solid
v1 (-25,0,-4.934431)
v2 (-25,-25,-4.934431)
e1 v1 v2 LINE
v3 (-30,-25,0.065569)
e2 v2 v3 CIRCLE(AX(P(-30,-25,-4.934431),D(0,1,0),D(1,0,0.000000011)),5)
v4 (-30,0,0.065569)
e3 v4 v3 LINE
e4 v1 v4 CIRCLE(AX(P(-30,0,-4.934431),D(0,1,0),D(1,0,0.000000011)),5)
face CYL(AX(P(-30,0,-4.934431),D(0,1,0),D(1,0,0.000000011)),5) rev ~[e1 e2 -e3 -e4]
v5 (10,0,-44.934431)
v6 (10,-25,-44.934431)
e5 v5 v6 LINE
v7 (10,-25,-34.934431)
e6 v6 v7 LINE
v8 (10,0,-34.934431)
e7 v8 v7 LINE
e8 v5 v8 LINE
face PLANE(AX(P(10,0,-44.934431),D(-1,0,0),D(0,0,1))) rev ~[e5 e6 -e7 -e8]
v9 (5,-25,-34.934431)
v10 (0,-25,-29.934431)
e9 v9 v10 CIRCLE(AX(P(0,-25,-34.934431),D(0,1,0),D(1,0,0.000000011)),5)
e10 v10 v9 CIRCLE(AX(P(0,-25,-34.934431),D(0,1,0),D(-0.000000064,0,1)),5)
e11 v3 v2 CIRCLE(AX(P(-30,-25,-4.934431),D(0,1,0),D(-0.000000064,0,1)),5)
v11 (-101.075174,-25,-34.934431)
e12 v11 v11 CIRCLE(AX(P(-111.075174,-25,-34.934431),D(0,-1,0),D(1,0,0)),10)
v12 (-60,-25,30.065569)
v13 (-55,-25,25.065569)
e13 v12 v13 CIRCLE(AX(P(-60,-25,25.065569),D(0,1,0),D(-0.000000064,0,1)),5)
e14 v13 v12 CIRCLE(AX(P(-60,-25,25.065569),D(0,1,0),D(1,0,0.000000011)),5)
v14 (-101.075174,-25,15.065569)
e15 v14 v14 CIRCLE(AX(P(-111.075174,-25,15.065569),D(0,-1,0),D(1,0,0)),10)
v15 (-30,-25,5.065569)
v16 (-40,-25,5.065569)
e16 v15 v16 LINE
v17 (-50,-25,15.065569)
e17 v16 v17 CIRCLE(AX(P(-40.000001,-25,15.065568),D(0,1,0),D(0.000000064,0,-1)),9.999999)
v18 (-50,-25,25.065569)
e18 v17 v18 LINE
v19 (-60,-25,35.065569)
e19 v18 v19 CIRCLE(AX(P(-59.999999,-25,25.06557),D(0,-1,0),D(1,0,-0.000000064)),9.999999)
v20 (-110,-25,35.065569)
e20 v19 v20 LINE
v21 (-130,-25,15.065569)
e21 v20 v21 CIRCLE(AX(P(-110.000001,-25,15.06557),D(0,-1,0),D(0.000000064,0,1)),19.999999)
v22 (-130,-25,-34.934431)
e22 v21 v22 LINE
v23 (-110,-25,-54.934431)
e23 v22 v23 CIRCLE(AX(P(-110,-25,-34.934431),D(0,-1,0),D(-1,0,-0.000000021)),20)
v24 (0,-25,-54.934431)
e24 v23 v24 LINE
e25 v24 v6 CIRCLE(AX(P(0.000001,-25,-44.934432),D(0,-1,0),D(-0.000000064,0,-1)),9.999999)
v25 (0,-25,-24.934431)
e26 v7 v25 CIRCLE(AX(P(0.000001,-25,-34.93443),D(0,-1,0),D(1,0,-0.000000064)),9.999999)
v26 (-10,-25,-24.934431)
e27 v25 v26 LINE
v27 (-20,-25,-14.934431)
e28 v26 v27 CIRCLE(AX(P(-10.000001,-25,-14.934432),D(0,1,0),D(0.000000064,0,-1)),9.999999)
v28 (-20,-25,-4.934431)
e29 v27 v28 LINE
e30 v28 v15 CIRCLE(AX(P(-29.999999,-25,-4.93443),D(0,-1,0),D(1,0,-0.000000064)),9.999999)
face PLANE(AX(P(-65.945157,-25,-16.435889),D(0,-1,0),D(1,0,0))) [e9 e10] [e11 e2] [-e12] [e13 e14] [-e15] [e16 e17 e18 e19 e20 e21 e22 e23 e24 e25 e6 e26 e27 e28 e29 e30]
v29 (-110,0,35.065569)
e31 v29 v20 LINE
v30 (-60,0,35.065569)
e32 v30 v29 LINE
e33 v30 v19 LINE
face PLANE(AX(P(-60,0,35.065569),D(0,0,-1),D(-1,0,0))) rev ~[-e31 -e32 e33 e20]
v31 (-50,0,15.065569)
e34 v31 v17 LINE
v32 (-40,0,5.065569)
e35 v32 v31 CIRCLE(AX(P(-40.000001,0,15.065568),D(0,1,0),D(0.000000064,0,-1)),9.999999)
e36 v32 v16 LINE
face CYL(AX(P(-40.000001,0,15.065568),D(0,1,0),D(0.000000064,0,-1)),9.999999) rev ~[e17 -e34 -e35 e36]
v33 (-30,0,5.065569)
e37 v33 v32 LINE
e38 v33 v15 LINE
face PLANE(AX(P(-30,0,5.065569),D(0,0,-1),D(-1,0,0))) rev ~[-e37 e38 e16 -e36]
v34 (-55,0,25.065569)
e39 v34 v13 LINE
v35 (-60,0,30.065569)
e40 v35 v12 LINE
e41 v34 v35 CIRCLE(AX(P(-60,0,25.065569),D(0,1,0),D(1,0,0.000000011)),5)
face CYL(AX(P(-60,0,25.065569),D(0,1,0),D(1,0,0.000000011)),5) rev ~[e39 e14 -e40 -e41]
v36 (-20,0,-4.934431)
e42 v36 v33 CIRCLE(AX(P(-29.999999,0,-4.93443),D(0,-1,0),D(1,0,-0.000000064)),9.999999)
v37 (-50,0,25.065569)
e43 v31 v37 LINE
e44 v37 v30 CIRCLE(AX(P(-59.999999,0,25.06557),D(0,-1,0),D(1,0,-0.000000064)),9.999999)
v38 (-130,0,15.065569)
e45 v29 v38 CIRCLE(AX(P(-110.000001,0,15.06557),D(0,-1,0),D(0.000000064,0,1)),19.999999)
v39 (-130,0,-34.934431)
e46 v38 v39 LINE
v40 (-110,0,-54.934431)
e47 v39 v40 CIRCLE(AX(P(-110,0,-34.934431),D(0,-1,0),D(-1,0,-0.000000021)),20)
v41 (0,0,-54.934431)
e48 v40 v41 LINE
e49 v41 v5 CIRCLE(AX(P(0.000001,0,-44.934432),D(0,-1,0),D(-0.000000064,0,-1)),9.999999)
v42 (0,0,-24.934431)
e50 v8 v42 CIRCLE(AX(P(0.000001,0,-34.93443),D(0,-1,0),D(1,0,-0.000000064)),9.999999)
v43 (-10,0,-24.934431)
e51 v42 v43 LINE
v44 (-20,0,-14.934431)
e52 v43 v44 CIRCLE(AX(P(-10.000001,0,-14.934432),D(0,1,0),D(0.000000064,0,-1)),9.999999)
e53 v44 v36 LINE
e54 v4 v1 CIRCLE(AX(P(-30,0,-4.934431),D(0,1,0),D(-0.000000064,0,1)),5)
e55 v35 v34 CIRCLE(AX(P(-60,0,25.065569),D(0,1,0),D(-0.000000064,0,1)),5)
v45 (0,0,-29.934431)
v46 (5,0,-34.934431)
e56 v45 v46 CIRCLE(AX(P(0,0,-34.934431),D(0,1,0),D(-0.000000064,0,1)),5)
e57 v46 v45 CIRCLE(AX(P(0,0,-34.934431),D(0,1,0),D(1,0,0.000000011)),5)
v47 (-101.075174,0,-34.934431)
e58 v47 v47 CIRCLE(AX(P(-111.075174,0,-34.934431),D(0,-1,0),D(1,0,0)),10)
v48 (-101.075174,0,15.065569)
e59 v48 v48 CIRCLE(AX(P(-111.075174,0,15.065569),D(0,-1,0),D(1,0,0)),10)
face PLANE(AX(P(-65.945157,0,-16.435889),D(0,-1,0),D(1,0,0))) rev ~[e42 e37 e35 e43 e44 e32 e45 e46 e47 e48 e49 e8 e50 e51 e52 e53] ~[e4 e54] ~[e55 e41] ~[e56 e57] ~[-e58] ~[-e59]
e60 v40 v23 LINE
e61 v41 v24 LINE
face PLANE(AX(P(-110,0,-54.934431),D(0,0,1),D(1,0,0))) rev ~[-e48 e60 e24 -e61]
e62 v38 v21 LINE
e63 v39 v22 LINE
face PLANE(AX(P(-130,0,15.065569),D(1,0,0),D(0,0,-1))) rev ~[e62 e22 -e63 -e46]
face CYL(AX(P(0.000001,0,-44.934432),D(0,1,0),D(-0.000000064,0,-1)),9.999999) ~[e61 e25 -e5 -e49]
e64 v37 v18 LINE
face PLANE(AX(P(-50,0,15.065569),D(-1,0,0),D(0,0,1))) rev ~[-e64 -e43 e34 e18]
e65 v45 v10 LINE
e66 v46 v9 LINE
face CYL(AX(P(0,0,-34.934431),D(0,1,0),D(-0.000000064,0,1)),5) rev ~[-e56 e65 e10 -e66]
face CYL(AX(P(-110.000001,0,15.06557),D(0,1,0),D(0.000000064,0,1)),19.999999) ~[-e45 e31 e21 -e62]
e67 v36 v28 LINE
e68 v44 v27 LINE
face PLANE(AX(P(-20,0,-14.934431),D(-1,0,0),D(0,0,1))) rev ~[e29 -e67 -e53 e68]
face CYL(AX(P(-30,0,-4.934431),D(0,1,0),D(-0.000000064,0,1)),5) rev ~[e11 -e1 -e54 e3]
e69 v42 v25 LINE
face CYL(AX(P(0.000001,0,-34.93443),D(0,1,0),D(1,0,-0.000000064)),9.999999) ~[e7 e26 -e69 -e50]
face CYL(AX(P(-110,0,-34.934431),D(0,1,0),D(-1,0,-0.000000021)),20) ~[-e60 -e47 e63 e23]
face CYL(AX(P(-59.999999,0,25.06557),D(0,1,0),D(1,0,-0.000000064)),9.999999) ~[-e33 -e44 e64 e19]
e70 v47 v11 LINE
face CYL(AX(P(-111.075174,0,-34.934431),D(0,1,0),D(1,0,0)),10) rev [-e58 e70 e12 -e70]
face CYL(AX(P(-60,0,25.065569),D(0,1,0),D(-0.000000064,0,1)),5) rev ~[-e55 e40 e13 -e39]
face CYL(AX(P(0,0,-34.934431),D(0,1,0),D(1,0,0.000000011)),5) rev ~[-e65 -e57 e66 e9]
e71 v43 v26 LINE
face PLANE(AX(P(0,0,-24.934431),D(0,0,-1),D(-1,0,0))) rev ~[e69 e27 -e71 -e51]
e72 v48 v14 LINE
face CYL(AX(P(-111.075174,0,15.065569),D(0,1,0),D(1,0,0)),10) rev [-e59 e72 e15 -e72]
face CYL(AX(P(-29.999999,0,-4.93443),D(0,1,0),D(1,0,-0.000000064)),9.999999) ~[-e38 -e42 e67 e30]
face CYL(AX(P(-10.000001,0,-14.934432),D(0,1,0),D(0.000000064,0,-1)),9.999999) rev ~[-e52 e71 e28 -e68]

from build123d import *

# Parameters (mm, degrees)
F0_R     = 10
F1_DEPTH = 25


with BuildPart() as f1:
    # F0 (on Front) → F1 (new body)
    with BuildSketch(Plane.XZ):
        with BuildLine():
            ThreePointArc((-130, -34.934431), (-124.142136, -49.076566), (-110, -54.934431))
            Line((-110, -54.934431), (0, -54.934431))
            ThreePointArc((0, -54.934431), (7.071068, -52.005499), (10, -44.934431))
            Line((10, -44.934431), (10, -34.934431))
            ThreePointArc((10, -34.934431), (7.071068, -27.863363), (0, -24.934431))
            Line((0, -24.934431), (-10, -24.934431))
            ThreePointArc((-10, -24.934431), (-17.071068, -22.005499), (-20, -14.934431))
            Line((-20, -14.934431), (-20, -4.934431))
            ThreePointArc((-20, -4.934431), (-22.928932, 2.136637), (-30, 5.065569))
            Line((-30, 5.065569), (-40, 5.065569))
            ThreePointArc((-40, 5.065569), (-47.071068, 7.994501), (-50, 15.065569))
            Line((-50, 15.065569), (-50, 25.065569))
            ThreePointArc((-50, 25.065569), (-52.928932, 32.136637), (-60, 35.065569))
            Line((-60, 35.065569), (-110, 35.065569))
            ThreePointArc((-110, 35.065569), (-124.142136, 29.207705), (-130, 15.065569))
            Line((-130, 15.065569), (-130, -34.934431))
        make_face()
        with Locations((-111.075174, -34.934431)):
            Circle(F0_R, mode=Mode.SUBTRACT)
        with BuildLine():
            ThreePointArc((5, -34.934431), (-3.535534, -38.469965), (0, -29.934431))
            ThreePointArc((0, -29.934431), (3.535534, -31.398897), (5, -34.934431))
        make_face(mode=Mode.SUBTRACT)
        with Locations((-111.075174, 15.065569)):
            Circle(F0_R, mode=Mode.SUBTRACT)
        with BuildLine():
            ThreePointArc((-25, -4.934431), (-33.535534, -8.469965), (-30, 0.065569))
            ThreePointArc((-30, 0.065569), (-26.464466, -1.398897), (-25, -4.934431))
        make_face(mode=Mode.SUBTRACT)
        with BuildLine():
            ThreePointArc((-55, 25.065569), (-63.535534, 21.530035), (-60, 30.065569))
            ThreePointArc((-60, 30.065569), (-56.464466, 28.601103), (-55, 25.065569))
        make_face(mode=Mode.SUBTRACT)
    extrude(amount=F1_DEPTH)


solid = f1.part
